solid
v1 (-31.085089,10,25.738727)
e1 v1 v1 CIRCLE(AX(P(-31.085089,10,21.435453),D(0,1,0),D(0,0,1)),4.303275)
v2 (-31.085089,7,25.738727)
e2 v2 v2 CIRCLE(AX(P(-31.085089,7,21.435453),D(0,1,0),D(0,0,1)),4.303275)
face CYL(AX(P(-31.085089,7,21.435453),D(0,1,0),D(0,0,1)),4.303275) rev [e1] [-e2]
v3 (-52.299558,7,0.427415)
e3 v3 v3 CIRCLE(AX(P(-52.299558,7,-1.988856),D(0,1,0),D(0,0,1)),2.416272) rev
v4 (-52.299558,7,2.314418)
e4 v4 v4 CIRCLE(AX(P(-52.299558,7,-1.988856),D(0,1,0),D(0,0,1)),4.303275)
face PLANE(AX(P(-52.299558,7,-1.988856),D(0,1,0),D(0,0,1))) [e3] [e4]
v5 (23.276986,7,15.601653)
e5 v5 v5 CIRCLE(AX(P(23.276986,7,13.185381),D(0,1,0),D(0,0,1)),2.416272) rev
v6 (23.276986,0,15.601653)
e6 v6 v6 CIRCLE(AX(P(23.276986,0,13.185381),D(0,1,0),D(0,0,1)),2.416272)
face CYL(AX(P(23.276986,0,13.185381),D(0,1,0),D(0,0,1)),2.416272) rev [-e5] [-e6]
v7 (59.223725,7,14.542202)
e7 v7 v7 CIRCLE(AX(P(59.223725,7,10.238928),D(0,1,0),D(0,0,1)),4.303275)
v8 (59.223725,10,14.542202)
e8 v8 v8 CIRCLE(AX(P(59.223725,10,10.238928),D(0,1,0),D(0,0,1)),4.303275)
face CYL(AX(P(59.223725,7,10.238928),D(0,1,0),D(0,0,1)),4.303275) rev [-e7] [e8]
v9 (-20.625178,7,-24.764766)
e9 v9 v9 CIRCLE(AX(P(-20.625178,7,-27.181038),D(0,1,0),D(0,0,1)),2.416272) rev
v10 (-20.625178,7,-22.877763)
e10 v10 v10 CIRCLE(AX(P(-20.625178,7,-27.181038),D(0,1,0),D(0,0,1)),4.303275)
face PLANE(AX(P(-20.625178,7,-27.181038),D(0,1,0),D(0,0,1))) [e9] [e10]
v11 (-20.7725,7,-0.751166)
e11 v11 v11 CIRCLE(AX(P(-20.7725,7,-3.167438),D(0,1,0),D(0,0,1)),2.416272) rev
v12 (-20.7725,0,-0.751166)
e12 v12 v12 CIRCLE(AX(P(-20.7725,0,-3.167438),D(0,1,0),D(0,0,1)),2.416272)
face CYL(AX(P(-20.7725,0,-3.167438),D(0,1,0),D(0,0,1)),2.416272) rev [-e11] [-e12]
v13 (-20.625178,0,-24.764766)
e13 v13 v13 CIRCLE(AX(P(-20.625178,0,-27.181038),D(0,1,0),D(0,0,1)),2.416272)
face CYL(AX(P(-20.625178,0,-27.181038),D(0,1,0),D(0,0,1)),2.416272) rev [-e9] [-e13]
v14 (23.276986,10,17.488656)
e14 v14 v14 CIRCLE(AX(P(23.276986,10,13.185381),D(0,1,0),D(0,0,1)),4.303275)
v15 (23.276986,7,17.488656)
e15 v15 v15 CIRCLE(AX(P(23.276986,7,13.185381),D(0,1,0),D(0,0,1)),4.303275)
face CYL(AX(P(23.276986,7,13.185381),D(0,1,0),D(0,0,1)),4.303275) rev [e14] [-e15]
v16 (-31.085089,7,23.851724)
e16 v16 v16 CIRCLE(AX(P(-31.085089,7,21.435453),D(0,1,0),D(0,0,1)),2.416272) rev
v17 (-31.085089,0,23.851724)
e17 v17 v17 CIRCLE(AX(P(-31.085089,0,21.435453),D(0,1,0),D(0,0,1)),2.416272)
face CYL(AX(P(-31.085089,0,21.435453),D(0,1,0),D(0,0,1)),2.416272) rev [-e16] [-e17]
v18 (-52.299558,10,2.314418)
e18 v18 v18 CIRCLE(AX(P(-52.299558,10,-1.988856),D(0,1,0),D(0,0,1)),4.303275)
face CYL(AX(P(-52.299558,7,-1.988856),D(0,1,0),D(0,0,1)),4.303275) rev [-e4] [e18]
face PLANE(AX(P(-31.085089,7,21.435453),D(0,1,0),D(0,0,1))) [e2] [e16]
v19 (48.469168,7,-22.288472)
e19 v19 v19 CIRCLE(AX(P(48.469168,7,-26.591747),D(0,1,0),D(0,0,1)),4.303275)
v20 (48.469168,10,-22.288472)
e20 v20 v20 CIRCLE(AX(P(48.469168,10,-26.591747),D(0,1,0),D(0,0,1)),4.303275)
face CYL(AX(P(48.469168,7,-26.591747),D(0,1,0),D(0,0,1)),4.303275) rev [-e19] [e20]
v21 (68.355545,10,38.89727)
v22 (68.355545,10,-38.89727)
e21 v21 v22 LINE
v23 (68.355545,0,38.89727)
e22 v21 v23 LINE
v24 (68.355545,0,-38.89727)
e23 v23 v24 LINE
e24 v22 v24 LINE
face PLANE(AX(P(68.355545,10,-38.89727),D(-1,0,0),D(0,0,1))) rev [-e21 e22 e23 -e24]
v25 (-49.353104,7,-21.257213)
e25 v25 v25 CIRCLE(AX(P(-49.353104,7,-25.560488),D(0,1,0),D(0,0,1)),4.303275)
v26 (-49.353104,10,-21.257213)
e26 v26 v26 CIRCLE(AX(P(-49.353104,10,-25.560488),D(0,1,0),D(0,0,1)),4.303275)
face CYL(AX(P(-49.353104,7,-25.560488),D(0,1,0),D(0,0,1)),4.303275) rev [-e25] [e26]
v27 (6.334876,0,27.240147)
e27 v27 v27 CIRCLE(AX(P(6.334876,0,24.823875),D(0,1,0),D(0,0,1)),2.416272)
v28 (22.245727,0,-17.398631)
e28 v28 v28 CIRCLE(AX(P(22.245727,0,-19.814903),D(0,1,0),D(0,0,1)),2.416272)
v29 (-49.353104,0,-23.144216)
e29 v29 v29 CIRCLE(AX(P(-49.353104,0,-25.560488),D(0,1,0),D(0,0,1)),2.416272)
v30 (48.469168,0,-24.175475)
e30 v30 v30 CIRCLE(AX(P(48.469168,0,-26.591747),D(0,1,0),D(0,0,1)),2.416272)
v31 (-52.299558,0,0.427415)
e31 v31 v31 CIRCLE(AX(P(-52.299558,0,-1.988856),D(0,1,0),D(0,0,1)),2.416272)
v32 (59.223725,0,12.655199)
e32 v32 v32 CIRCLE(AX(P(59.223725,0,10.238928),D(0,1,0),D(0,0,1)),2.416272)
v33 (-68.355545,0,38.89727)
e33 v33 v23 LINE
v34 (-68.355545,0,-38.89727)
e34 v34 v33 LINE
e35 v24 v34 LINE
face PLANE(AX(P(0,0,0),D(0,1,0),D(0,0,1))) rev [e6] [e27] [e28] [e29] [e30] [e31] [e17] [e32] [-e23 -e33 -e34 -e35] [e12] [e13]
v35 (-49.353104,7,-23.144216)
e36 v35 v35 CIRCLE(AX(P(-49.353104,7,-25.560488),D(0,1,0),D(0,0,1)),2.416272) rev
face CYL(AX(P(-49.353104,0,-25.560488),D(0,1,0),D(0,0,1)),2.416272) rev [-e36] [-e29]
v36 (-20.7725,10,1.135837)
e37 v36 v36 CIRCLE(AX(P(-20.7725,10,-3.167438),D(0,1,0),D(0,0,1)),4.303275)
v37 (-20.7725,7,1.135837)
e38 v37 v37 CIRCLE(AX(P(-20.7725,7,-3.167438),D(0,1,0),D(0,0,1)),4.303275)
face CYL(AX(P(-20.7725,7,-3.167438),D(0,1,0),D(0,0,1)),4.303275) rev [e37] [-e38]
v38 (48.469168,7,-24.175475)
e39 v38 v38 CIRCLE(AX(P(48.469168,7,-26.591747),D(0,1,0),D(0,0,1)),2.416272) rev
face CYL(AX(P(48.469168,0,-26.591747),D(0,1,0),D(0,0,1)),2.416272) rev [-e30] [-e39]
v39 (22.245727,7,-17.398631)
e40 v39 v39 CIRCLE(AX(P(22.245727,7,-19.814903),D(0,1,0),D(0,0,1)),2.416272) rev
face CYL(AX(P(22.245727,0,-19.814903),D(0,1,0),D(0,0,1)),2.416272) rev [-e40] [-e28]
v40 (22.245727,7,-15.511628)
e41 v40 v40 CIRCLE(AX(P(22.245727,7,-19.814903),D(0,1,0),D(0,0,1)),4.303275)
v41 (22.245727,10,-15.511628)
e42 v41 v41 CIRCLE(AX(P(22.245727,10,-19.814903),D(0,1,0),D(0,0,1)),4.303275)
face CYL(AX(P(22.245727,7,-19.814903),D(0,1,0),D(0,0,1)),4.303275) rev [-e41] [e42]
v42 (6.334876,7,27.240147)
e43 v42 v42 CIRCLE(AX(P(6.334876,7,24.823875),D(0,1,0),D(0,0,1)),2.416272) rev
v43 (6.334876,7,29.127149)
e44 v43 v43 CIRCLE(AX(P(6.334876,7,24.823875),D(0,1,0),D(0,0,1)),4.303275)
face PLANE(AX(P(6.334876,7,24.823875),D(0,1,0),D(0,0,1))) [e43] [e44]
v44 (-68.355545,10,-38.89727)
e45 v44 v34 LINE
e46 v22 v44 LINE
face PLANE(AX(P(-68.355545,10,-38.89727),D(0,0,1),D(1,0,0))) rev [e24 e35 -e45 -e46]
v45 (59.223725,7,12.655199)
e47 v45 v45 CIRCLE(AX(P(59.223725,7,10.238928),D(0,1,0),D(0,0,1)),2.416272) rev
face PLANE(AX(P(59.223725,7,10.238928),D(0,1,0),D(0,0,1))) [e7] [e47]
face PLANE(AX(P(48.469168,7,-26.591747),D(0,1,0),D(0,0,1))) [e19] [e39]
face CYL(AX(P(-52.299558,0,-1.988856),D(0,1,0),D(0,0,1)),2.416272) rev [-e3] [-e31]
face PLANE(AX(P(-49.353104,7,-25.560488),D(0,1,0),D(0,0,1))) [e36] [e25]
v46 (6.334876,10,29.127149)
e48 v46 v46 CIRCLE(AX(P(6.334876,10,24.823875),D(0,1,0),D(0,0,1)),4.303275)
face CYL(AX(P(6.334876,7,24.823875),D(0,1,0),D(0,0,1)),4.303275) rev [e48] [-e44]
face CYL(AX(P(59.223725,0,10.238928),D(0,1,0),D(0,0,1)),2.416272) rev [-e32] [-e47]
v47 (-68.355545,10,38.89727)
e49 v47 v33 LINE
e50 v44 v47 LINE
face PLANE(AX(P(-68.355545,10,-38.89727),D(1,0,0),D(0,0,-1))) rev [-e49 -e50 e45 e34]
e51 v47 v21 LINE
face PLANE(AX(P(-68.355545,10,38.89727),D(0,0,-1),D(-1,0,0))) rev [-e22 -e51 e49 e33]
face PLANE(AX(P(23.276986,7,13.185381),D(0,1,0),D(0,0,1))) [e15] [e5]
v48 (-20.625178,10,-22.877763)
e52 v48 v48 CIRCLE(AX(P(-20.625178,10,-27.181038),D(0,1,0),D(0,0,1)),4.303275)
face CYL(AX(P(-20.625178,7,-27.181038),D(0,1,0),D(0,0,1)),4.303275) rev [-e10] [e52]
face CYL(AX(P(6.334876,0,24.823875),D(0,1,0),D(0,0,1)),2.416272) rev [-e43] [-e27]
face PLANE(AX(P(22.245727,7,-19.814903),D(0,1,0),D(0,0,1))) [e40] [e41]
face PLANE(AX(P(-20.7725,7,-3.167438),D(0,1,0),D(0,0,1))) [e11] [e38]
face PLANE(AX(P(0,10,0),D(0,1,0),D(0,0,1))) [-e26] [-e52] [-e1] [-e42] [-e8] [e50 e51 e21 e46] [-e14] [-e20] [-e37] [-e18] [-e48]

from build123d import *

# Parameters (mm, degrees)
SKETCH1_W           = 136.711090248
SKETCH1_H           = 77.79453909
BOSS_EXTRUDE1_DEPTH = 10
SKETCH2_R           = 2.416271905
CUT_EXTRUDE1_DEPTH  = 10
SKETCH3_R           = 4.303274805
CUT_EXTRUDE2_DEPTH  = 3


with BuildPart() as part:
    # Sketch1 → Boss-Extrude1 (new body)
    with BuildSketch(Plane(origin=(0, 0, 0), x_dir=(1, 0, 0), z_dir=(0, 1, 0))):
        Rectangle(SKETCH1_W, SKETCH1_H)
    extrude(amount=BOSS_EXTRUDE1_DEPTH)

    # Sketch2 → Cut-Extrude1 (cut)
    with BuildSketch(Plane(origin=(0, 10, 0), x_dir=(1, 0, 0), z_dir=(0, 1, 0))):
        with Locations(Location((-49.353103883, 25.56048813, 0), (0, 0, 270))):
            Circle(SKETCH2_R)
    cut_extrude1 = extrude(amount=-CUT_EXTRUDE1_DEPTH, mode=Mode.SUBTRACT)

    # Sketch3 → Cut-Extrude2 (cut)
    with BuildSketch(Plane(origin=(0, 10, 0), x_dir=(1, 0, 0), z_dir=(0, 1, 0))):
        with Locations(Location((-49.353103883, 25.56048813, 0), (0, 0, 270))):
            Circle(SKETCH3_R)
    cut_extrude2 = extrude(amount=-CUT_EXTRUDE2_DEPTH, mode=Mode.SUBTRACT)

    # Sketch-Pattern1: Cut-Extrude1, Cut-Extrude2 at 9 more places
    with Locations((71.598831, 0, 5.745585), (72.63009, 0, 38.74587), (28.727926, 0, -1.62055), (-2.946454, 0, 23.571632), (18.268015, 0, 46.995941), (97.822272, 0, -1.031259), (108.576829, 0, 35.799416), (28.580603, 0, 22.39305), (55.68798, 0, 50.384363)):
        add(cut_extrude1, mode=Mode.SUBTRACT)
        add(cut_extrude2, mode=Mode.SUBTRACT)


solid = part.part
